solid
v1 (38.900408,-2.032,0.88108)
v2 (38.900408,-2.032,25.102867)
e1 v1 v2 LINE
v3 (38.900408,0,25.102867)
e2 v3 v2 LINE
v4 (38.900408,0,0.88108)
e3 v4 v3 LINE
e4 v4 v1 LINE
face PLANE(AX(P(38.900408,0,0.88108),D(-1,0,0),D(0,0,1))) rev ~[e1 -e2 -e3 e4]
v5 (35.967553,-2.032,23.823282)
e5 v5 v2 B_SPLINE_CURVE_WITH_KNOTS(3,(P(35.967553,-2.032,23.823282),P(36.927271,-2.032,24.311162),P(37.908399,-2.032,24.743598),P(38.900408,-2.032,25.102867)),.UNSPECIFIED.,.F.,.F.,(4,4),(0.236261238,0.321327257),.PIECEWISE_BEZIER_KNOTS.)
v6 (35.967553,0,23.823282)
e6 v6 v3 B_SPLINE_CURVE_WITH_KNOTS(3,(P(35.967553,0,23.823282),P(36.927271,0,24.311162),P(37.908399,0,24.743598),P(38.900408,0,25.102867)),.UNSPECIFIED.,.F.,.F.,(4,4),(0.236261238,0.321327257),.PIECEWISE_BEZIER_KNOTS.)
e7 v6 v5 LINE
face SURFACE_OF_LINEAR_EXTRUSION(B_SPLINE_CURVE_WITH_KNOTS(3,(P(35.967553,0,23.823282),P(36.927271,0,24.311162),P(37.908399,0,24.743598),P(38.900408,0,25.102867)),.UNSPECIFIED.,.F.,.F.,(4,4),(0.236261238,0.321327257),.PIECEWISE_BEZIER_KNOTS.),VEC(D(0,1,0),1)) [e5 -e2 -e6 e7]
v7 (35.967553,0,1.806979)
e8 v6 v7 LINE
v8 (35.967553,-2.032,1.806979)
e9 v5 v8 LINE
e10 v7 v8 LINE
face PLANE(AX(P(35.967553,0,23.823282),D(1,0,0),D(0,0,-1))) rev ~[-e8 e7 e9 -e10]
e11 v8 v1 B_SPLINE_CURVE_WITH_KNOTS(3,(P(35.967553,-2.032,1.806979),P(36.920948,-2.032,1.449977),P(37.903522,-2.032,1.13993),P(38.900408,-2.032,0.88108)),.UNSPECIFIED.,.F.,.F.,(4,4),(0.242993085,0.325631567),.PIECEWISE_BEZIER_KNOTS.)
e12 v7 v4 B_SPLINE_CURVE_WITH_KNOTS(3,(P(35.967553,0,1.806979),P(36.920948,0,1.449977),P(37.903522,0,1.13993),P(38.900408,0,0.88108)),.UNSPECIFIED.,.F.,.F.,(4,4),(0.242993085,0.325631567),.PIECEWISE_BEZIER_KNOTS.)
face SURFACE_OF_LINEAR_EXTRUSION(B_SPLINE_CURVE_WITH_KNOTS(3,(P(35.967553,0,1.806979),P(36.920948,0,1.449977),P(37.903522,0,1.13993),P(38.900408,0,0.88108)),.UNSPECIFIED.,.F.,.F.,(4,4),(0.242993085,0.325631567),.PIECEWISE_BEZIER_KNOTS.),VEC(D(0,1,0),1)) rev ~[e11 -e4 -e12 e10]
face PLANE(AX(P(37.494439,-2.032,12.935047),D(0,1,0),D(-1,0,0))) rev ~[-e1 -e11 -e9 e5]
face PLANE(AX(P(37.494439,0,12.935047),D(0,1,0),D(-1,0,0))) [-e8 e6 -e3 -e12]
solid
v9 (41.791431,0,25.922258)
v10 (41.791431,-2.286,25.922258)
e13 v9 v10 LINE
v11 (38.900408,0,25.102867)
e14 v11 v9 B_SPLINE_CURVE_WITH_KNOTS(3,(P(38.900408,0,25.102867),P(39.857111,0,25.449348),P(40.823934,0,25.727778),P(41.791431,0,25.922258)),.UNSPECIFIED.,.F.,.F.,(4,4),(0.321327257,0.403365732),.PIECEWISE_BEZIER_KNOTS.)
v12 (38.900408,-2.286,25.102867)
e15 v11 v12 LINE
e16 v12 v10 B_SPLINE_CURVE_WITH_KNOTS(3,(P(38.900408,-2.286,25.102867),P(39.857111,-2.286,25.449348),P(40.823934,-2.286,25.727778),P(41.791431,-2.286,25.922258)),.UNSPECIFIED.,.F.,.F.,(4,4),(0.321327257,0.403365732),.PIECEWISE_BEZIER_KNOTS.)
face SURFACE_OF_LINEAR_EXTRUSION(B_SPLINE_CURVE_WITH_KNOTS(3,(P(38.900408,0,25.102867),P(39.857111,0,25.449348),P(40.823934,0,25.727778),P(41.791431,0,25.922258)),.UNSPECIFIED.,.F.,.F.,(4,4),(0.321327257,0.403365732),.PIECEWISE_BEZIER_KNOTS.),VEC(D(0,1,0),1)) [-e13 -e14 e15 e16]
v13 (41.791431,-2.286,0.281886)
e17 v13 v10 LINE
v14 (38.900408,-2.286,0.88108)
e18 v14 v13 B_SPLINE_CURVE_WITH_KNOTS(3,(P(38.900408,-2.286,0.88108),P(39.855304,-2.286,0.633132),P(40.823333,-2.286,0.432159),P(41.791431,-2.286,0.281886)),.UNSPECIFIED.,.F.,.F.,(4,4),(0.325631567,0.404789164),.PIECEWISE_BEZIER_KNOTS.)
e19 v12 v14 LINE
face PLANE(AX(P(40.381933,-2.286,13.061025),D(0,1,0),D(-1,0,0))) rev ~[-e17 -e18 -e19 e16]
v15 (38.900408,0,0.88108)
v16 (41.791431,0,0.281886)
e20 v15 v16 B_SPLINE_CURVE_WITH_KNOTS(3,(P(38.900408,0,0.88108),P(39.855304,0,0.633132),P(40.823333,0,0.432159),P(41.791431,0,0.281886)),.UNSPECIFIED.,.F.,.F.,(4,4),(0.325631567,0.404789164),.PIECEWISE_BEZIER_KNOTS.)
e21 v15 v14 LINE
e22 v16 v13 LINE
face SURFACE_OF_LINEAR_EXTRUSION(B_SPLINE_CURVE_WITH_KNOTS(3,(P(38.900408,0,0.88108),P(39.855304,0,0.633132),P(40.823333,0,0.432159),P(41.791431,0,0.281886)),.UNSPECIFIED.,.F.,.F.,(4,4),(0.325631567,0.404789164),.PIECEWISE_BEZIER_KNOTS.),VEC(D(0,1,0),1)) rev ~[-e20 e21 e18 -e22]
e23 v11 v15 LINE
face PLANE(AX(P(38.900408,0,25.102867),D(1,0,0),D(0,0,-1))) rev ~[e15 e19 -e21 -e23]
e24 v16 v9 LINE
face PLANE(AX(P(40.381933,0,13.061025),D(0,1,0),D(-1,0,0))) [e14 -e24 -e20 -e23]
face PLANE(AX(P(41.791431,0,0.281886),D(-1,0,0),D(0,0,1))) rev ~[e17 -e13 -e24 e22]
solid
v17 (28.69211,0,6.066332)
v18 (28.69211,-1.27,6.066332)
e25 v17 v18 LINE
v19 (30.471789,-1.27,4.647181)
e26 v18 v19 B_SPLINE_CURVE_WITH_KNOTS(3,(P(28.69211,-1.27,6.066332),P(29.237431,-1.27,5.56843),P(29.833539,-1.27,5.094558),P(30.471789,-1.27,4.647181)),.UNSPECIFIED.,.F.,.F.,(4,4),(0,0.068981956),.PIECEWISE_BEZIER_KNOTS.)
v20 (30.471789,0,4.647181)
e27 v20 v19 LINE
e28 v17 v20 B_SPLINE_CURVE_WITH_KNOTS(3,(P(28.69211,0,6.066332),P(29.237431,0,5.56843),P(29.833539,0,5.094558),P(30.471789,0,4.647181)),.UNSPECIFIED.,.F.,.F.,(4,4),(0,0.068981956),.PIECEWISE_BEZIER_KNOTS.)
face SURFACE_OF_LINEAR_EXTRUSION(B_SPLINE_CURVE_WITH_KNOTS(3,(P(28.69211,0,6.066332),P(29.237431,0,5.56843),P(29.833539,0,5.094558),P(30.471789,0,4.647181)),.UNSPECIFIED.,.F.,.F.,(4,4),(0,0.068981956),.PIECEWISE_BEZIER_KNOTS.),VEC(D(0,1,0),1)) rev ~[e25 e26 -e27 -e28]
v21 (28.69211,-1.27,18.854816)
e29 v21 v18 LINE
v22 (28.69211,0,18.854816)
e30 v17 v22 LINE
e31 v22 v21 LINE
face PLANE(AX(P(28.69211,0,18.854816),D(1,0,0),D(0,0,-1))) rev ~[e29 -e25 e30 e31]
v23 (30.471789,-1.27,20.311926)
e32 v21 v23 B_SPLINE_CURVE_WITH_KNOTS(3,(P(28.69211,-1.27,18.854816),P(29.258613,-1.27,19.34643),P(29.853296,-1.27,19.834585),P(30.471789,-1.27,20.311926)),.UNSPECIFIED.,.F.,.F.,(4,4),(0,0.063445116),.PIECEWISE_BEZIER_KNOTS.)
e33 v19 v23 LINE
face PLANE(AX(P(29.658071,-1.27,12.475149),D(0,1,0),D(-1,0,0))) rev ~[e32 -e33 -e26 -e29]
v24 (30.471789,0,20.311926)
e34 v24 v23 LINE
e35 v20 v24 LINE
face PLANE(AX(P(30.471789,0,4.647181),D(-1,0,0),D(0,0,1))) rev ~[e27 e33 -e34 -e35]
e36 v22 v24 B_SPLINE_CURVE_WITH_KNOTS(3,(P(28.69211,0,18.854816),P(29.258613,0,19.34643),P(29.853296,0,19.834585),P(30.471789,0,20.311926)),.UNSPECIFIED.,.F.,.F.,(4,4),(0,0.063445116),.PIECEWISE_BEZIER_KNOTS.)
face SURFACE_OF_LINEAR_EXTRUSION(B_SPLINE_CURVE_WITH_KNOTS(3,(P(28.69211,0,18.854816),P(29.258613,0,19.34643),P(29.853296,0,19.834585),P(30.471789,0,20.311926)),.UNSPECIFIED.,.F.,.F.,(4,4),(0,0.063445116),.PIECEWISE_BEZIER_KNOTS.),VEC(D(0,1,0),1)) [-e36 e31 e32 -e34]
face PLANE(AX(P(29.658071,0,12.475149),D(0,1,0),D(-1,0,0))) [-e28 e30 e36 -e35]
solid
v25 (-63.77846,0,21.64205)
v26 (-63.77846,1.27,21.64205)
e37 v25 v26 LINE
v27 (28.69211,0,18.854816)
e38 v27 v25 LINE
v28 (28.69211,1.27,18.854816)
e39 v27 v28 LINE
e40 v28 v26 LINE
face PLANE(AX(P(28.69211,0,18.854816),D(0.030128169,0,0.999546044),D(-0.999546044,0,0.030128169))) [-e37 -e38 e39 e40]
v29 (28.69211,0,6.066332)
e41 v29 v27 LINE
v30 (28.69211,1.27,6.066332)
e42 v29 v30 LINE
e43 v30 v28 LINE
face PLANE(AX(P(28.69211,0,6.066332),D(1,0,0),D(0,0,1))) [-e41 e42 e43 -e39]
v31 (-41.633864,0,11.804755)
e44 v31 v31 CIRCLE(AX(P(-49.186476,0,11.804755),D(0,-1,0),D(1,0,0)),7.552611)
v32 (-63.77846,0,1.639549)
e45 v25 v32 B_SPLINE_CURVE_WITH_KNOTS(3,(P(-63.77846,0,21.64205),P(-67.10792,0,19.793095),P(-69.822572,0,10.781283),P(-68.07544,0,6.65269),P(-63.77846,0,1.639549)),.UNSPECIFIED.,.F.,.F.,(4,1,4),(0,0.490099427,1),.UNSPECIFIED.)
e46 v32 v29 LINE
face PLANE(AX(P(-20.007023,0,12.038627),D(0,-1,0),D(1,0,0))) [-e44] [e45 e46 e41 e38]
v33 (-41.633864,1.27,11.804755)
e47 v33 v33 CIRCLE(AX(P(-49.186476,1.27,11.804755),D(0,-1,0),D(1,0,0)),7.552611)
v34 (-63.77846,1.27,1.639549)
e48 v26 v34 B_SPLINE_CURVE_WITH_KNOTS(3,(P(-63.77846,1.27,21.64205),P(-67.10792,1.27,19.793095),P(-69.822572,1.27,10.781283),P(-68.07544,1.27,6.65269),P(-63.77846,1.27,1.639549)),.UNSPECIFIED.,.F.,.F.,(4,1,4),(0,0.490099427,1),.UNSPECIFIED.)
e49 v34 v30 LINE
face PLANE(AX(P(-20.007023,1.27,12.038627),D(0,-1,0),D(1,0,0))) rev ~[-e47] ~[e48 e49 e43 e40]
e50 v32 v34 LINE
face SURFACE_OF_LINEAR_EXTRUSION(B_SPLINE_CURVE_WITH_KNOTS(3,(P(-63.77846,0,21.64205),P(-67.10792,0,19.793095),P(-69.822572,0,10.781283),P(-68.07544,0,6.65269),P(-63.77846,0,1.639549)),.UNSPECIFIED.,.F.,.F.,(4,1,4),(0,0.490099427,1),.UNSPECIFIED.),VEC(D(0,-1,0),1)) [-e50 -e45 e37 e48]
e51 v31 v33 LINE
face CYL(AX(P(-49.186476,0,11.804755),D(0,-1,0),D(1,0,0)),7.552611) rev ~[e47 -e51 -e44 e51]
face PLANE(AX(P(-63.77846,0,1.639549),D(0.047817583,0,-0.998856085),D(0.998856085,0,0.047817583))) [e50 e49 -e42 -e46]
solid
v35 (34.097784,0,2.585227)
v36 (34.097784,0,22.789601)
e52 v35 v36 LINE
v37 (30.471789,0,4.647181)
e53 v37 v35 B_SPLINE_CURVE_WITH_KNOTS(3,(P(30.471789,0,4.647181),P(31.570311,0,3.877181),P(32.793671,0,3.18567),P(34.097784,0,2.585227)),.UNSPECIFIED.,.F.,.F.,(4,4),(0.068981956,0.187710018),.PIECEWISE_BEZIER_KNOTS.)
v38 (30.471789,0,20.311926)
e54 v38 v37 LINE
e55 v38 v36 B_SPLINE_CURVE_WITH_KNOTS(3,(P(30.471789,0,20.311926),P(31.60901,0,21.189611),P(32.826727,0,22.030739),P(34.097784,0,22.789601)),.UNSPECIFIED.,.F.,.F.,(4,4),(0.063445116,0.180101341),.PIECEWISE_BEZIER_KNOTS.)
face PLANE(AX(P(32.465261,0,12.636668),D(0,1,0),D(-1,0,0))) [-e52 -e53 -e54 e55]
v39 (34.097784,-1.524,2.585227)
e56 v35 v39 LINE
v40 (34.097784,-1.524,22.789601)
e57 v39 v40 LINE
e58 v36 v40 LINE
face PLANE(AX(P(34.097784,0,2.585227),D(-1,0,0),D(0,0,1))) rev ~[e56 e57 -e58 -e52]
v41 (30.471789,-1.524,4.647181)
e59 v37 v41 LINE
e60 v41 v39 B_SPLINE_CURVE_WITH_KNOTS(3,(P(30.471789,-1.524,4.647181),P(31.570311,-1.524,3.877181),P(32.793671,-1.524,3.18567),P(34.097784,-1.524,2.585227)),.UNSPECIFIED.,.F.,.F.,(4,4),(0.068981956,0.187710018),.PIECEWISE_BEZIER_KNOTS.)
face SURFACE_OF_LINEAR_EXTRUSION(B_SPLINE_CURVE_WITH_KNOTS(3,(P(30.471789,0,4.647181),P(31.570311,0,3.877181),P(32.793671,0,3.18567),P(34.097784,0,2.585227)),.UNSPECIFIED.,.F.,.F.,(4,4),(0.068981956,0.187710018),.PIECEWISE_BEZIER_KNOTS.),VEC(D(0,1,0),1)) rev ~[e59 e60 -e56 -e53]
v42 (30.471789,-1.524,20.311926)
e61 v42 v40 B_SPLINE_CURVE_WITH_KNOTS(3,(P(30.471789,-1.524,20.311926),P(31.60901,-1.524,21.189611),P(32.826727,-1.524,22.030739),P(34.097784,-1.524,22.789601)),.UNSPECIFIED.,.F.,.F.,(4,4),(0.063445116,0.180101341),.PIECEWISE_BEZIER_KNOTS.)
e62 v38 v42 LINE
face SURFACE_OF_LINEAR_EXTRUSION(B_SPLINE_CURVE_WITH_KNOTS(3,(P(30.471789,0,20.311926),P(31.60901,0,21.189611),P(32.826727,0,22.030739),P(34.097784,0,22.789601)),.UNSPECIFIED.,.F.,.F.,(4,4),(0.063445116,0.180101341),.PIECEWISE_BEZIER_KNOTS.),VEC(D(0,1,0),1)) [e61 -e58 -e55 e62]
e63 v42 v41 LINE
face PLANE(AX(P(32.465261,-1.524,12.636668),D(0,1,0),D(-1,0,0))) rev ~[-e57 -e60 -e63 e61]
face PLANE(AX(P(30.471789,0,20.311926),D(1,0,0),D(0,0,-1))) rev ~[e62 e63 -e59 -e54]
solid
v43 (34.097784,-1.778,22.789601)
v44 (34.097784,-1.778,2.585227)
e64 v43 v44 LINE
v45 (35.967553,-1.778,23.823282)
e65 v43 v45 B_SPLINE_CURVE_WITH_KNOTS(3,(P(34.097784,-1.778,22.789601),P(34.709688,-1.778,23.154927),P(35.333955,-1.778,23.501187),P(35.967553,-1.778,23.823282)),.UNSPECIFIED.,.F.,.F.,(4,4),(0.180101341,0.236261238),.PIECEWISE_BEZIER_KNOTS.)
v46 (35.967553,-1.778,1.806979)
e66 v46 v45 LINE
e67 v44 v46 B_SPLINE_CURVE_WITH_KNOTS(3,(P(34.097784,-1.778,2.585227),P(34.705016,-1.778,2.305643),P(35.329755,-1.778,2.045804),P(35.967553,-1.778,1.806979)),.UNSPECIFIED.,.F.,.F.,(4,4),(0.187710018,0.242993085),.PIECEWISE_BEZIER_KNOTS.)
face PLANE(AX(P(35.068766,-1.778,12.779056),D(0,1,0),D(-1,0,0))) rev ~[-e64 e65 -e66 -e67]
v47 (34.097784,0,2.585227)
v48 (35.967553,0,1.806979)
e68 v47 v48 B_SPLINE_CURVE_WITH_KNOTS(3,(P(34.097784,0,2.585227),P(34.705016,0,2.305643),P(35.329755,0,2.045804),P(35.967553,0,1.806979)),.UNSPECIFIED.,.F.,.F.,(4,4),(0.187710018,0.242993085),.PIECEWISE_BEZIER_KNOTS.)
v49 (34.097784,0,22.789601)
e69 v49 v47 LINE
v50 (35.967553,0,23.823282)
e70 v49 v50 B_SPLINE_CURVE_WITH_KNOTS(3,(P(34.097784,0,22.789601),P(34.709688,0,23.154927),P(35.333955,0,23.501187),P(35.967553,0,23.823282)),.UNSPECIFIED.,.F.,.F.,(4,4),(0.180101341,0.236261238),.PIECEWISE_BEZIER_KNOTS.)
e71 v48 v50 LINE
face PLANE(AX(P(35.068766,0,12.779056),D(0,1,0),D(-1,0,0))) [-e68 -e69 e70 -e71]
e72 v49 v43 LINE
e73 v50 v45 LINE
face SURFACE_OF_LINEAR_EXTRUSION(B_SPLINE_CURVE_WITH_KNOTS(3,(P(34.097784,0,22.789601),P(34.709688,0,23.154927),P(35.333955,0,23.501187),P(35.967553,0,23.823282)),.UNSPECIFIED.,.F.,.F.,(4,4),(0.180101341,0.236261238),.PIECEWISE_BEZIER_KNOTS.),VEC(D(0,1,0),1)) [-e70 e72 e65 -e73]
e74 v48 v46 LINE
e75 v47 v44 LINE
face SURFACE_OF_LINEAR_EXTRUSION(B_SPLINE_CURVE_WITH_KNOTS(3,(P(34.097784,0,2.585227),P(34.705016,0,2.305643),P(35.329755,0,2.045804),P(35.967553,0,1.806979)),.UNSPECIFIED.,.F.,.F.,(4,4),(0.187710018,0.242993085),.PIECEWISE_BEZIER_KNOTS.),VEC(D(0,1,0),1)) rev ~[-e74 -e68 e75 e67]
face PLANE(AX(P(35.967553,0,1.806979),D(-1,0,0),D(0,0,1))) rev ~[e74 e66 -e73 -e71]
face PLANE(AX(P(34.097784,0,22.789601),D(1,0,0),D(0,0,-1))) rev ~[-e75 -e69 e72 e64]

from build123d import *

# Parameters (mm, degrees)
F0_R     = 7.5526113457
F1_DEPTH = 1.27
F2_DEPTH = 1.27
F3_DEPTH = 1.524
F5_DEPTH = 1.778
F4_DEPTH = 2.032
F6_DEPTH = 2.286


with BuildPart() as f1:
    # F0 (on Front) → F1 (new body)
    with BuildSketch(Plane.XZ):
        with BuildLine():
            Line((28.6921095103, 18.8548155129), (-63.7784600258, 21.6420497745))
            add(Edge.make_bspline(
                [(-63.7784600258, 21.6420497745), (-67.1079200773, 19.793095453), (-69.8225721368, 10.7812830644), (-68.075440342, 6.652690484), (-63.7784600258, 1.6395491548)],
                knots=[0, 0, 0, 0, 0.4900994273, 1, 1, 1, 1], degree=3))
            Line((-63.7784600258, 1.6395491548), (28.6921095103, 6.0663321055))
            Line((28.6921095103, 6.0663321055), (28.6921095103, 18.8548155129))
        make_face()
        with Locations((-49.186475575, 11.8047548458)):
            Circle(F0_R, mode=Mode.SUBTRACT)
    extrude(amount=-F1_DEPTH)

    # F0 (on Front) → F2 (join)
    with BuildSketch(Plane.XZ):
        with BuildLine():
            add(Edge.make_bspline(
                [(28.6921095103, 18.8548155129), (29.2586134161, 19.3464303872), (29.8532963087, 19.8345850052), (30.4717893599, 20.3119263251)],
                knots=[0, 0, 0, 0, 0.063445116, 0.063445116, 0.063445116, 0.063445116], degree=3))
            Line((28.6921095103, 18.8548155129), (28.6921095103, 6.0663321055))
            add(Edge.make_bspline(
                [(28.6921095103, 6.0663321055), (29.2374306887, 5.5684302801), (29.8335393262, 5.0945577706), (30.4717893599, 4.6471812289)],
                knots=[0, 0, 0, 0, 0.0689819558, 0.0689819558, 0.0689819558, 0.0689819558], degree=3))
            Line((30.4717893599, 4.6471812289), (30.4717893599, 20.3119263251))
        make_face()
    extrude(amount=F2_DEPTH)


with BuildPart() as f3:
    # F0 (on Front) → F3 (new body)
    with BuildSketch(Plane.XZ):
        with BuildLine():
            add(Edge.make_bspline(
                [(30.4717893599, 20.3119263251), (31.6090095116, 21.1896114782), (32.8267270412, 22.0307390364), (34.0977841778, 22.7896005813)],
                knots=[0.063445116, 0.063445116, 0.063445116, 0.063445116, 0.1801013408, 0.1801013408, 0.1801013408, 0.1801013408], degree=3))
            Line((30.4717893599, 20.3119263251), (30.4717893599, 4.6471812289))
            add(Edge.make_bspline(
                [(30.4717893599, 4.6471812289), (31.5703112732, 3.8771805888), (32.7936705756, 3.1856701684), (34.0977841778, 2.5852265171)],
                knots=[0.0689819558, 0.0689819558, 0.0689819558, 0.0689819558, 0.1877100185, 0.1877100185, 0.1877100185, 0.1877100185], degree=3))
            Line((34.0977841778, 2.5852265171), (34.0977841778, 22.7896005813))
        make_face()
    extrude(amount=F3_DEPTH)


with BuildPart() as f5:
    # F0 (on Front) → F5 (new body)
    with BuildSketch(Plane.XZ):
        with BuildLine():
            add(Edge.make_bspline(
                [(34.0977841778, 22.7896005813), (34.7096884179, 23.1549268783), (35.3339545969, 23.5011872789), (35.9675526682, 23.823282004)],
                knots=[0.1801013408, 0.1801013408, 0.1801013408, 0.1801013408, 0.2362612384, 0.2362612384, 0.2362612384, 0.2362612384], degree=3))
            Line((34.0977841778, 22.7896005813), (34.0977841778, 2.5852265171))
            add(Edge.make_bspline(
                [(34.0977841778, 2.5852265171), (34.7050155047, 2.3056433623), (35.329755098, 2.0458043109), (35.9675526682, 1.8069789945)],
                knots=[0.1877100185, 0.1877100185, 0.1877100185, 0.1877100185, 0.2429930851, 0.2429930851, 0.2429930851, 0.2429930851], degree=3))
            Line((35.9675526682, 1.8069789945), (35.9675526682, 23.823282004))
        make_face()
    extrude(amount=F5_DEPTH)


with BuildPart() as f4:
    # F0 (on Front) → F4 (new body)
    with BuildSketch(Plane.XZ):
        with BuildLine():
            add(Edge.make_bspline(
                [(35.9675526682, 23.823282004), (36.9272706816, 24.3111624501), (37.9083993188, 24.7435983877), (38.9004083297, 25.1028666727)],
                knots=[0.2362612384, 0.2362612384, 0.2362612384, 0.2362612384, 0.321327257, 0.321327257, 0.321327257, 0.321327257], degree=3))
            Line((35.9675526682, 23.823282004), (35.9675526682, 1.8069789945))
            add(Edge.make_bspline(
                [(35.9675526682, 1.8069789945), (36.9209481001, 1.4499770611), (37.903521585, 1.1399303244), (38.9004083297, 0.88107959)],
                knots=[0.2429930851, 0.2429930851, 0.2429930851, 0.2429930851, 0.3256315672, 0.3256315672, 0.3256315672, 0.3256315672], degree=3))
            Line((38.9004083297, 0.88107959), (38.9004083297, 25.1028666727))
        make_face()
    extrude(amount=F4_DEPTH)


with BuildPart() as f6:
    # F0 (on Front) → F6 (new body)
    with BuildSketch(Plane.XZ):
        with BuildLine():
            add(Edge.make_bspline(
                [(38.9004083297, 25.1028666727), (39.8571112277, 25.4493484141), (40.8239338052, 25.7277779717), (41.7914306023, 25.9222579794)],
                knots=[0.321327257, 0.321327257, 0.321327257, 0.321327257, 0.4033657321, 0.4033657321, 0.4033657321, 0.4033657321], degree=3))
            Line((38.9004083297, 25.1028666727), (38.9004083297, 0.88107959))
            add(Edge.make_bspline(
                [(38.9004083297, 0.88107959), (39.8553043694, 0.633132125), (40.8233332625, 0.4321585571), (41.7914306023, 0.2818860558)],
                knots=[0.3256315672, 0.3256315672, 0.3256315672, 0.3256315672, 0.4047891644, 0.4047891644, 0.4047891644, 0.4047891644], degree=3))
            Line((41.7914306023, 0.2818860558), (41.7914306023, 25.9222579794))
        make_face()
    extrude(amount=F6_DEPTH)


solid = Compound([f1.part, f3.part, f5.part, f4.part, f6.part])
